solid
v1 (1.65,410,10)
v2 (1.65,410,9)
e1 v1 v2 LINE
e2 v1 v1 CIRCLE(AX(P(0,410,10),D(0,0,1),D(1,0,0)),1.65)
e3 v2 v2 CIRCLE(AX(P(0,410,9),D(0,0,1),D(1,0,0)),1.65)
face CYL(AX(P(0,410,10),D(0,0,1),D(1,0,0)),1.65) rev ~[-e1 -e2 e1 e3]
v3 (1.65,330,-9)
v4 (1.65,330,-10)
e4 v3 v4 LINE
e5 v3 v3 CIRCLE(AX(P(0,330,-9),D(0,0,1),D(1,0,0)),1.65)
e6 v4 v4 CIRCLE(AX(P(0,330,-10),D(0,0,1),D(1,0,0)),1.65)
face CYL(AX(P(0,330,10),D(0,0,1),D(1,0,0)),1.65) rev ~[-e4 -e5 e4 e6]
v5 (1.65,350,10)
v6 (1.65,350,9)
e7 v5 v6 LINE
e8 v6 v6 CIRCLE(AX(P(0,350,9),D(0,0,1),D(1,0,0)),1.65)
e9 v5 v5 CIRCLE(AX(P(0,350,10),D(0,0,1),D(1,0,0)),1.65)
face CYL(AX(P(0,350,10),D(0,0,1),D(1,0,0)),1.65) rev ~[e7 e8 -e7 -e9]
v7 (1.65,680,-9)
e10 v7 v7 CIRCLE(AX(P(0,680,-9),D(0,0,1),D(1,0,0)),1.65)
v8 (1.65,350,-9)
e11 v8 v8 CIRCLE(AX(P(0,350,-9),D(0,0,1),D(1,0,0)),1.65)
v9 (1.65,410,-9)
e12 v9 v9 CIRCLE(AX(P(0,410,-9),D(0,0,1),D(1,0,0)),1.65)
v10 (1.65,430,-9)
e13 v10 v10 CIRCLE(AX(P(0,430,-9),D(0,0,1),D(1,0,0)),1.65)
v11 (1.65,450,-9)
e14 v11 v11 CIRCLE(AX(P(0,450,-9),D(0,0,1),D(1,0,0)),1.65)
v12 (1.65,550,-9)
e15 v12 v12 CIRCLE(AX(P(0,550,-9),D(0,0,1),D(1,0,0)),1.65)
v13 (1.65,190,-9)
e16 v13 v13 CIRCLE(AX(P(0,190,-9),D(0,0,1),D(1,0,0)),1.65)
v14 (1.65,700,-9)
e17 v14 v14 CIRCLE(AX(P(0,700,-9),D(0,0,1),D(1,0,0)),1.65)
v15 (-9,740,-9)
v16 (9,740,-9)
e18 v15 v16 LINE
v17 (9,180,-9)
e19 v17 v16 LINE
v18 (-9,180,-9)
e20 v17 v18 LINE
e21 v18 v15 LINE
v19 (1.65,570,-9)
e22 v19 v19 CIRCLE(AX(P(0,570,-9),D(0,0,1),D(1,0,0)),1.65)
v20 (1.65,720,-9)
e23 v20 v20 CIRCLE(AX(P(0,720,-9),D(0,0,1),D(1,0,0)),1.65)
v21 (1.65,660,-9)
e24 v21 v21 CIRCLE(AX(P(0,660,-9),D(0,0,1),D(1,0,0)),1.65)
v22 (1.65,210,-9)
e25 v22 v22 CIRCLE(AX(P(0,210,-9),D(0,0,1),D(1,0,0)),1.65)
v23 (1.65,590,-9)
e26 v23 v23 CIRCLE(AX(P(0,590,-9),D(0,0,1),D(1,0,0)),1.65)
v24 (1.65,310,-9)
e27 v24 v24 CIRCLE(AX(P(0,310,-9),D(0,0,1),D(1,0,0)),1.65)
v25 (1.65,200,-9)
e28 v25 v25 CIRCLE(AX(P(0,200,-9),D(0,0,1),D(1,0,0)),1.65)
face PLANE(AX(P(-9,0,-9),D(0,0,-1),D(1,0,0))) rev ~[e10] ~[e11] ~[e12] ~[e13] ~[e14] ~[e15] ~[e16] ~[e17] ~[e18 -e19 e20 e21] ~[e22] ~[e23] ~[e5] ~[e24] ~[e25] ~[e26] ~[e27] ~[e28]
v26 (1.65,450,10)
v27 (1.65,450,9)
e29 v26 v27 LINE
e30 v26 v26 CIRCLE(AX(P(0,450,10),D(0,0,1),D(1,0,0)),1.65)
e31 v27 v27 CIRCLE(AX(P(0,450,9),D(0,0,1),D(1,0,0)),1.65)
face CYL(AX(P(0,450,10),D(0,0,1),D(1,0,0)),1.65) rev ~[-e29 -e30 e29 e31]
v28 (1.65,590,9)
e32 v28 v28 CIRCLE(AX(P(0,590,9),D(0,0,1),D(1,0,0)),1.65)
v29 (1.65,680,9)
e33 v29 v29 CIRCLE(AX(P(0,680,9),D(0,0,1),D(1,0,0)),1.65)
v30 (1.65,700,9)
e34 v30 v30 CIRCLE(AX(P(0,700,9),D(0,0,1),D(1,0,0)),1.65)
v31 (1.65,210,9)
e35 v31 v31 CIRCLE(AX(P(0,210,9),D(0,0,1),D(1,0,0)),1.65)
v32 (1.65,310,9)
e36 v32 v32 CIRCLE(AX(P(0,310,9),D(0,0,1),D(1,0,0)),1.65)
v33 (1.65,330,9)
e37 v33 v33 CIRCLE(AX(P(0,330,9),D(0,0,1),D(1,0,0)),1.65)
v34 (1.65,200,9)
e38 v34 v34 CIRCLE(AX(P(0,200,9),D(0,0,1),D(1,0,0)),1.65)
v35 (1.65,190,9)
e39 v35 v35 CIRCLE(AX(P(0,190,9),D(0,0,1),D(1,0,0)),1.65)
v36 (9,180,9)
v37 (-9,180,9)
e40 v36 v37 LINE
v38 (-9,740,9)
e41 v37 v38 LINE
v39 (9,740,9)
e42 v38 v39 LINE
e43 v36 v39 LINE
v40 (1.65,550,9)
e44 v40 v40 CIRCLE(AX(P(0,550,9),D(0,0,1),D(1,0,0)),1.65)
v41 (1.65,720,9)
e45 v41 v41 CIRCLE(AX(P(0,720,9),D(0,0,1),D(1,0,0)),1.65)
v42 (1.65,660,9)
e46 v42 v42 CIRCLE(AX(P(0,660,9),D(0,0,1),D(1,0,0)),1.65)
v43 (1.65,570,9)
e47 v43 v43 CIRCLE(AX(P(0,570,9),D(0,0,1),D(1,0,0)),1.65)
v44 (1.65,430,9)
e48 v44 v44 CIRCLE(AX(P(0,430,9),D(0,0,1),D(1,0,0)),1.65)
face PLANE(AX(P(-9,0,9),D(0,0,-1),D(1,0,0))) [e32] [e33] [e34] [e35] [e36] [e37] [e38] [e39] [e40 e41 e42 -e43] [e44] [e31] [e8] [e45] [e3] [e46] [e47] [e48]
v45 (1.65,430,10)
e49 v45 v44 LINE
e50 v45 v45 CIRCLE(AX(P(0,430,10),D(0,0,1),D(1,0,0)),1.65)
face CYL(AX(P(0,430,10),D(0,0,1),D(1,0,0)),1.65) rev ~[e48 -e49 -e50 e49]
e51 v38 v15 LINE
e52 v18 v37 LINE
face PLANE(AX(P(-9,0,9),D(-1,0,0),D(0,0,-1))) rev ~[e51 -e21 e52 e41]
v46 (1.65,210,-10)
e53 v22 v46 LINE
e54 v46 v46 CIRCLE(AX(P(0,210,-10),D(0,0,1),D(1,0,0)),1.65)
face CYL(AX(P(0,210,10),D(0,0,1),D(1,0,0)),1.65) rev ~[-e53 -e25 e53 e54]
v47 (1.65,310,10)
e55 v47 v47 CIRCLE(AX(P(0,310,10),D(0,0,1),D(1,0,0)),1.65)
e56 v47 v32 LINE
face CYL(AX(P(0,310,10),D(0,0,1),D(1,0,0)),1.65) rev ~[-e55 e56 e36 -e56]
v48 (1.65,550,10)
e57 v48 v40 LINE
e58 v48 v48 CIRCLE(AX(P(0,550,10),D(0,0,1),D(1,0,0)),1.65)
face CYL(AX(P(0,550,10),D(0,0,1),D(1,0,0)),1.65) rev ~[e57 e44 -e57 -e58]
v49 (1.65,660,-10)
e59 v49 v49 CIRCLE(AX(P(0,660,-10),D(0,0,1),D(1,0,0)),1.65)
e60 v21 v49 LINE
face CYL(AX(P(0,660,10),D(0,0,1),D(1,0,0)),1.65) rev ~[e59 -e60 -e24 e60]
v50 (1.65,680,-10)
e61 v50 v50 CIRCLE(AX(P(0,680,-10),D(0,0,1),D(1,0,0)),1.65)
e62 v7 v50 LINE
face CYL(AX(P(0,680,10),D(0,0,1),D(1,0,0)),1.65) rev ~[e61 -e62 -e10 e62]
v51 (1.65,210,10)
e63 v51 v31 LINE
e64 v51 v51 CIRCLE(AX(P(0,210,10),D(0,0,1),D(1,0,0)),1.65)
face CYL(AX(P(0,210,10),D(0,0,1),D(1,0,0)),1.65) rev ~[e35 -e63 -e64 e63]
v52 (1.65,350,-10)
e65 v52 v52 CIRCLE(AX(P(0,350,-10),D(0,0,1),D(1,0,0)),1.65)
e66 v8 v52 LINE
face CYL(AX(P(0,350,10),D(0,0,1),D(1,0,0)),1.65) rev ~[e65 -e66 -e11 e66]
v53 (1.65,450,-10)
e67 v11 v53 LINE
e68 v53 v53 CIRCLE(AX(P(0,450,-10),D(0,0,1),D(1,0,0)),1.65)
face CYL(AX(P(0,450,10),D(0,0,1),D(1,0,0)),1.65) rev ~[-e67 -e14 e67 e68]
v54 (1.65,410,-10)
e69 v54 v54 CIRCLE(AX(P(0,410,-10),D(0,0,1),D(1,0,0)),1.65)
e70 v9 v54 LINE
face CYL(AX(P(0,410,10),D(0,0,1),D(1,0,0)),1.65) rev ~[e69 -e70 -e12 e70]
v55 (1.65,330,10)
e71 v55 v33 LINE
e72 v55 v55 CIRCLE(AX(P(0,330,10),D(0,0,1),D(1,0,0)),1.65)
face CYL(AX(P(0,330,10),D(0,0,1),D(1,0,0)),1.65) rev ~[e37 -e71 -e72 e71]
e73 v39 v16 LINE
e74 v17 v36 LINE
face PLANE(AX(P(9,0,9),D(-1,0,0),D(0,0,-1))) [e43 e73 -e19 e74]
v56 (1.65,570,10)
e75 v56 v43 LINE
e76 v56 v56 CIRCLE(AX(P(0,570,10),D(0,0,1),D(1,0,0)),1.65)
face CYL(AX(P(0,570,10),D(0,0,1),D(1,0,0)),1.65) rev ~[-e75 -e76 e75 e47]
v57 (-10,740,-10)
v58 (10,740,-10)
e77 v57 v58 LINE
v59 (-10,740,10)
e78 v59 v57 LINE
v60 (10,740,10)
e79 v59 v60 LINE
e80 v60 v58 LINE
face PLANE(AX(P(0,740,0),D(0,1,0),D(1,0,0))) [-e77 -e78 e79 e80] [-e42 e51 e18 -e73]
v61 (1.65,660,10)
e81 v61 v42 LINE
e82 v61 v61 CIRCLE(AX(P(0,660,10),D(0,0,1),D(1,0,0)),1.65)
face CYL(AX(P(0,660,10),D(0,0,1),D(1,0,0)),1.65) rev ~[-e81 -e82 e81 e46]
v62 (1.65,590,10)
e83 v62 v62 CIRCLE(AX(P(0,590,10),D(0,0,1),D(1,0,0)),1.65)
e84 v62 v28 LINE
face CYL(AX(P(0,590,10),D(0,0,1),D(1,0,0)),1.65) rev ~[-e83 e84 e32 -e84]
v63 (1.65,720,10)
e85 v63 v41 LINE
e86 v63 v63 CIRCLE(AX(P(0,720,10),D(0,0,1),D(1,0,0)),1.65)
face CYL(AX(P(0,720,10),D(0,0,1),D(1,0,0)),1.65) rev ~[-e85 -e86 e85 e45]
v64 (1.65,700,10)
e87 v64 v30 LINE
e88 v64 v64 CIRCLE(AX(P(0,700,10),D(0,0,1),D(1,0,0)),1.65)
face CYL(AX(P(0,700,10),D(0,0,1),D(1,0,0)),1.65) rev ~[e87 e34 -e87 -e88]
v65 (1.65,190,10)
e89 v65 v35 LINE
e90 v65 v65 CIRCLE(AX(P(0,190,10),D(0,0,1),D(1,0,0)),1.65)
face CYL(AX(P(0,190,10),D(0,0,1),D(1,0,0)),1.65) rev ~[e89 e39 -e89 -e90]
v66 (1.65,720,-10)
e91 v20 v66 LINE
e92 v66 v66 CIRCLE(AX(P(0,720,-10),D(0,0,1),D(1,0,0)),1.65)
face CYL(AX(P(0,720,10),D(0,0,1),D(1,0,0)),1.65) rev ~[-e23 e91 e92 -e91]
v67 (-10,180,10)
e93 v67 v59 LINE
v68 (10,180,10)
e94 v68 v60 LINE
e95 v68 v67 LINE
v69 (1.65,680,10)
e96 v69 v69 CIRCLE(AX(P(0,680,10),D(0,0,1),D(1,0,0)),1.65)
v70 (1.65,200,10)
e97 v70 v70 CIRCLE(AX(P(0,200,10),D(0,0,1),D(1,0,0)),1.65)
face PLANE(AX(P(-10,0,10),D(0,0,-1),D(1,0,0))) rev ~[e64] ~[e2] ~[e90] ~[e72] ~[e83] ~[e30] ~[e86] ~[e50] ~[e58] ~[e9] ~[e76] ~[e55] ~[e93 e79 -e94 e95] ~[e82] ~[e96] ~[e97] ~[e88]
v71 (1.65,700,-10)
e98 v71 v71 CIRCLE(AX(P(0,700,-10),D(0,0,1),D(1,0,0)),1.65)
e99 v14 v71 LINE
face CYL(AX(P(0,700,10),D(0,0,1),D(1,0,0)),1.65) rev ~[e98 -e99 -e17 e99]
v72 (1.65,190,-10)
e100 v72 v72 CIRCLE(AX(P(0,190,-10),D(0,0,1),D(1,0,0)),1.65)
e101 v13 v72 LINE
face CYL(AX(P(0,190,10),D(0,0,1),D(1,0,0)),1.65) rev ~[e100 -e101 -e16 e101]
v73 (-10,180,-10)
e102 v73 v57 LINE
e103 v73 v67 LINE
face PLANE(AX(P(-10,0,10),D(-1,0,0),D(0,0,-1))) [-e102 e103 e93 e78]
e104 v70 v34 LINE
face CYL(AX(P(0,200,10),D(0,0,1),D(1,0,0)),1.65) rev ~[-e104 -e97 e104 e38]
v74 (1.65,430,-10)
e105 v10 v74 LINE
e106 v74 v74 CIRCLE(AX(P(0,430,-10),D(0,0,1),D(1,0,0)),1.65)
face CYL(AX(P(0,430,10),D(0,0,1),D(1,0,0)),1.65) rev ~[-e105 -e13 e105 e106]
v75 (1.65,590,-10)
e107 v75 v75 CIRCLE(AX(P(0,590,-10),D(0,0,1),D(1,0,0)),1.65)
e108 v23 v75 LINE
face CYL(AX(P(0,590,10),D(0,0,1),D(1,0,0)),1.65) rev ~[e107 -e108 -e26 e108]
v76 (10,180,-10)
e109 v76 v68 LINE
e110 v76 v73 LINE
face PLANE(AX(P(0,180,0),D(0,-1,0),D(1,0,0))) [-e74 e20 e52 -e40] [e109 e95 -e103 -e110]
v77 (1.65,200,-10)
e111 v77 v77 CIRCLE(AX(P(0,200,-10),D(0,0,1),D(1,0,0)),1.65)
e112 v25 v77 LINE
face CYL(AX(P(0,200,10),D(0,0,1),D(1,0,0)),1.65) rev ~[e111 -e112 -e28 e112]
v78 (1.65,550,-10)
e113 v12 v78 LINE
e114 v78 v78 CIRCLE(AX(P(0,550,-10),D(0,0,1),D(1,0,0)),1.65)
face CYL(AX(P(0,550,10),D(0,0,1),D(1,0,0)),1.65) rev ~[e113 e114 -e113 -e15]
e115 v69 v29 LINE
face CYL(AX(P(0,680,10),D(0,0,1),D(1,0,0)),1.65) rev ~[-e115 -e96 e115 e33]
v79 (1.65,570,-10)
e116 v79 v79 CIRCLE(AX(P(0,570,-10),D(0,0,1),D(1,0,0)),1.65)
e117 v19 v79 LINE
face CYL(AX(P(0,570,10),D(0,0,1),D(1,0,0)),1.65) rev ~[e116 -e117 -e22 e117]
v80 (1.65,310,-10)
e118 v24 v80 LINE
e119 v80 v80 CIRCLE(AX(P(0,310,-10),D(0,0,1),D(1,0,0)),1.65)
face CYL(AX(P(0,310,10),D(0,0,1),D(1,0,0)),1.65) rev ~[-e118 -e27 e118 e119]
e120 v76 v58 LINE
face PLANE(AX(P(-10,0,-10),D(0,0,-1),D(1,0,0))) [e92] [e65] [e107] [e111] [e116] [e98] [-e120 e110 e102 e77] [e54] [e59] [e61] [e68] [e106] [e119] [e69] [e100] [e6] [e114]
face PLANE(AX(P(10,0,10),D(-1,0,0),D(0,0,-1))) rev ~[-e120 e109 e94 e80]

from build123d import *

# Parameters (mm, degrees)
SKETCH_1_W          = 20
SKETCH_1_H          = 20
SKETCH_1_W_2        = 18
SKETCH_1_H_2        = 18
EXTRUDE_1_DEPTH     = 740
SKETCH_3_R          = 1.65
CUT_EXTRUDE_1_DEPTH = 32
SKETCH_5_R          = 15.397397092
CUT_EXTRUDE_2_DEPTH = 180
SKETCH_7_R          = 1.65
CUT_EXTRUDE_3_DEPTH = 40


with BuildPart() as part:
    # 草图1 → 凸台-拉伸1 (new body)
    with BuildSketch(Plane(origin=(0, 0, 0), x_dir=(1, 0, 0), z_dir=(0, 1, 0))):
        Rectangle(SKETCH_1_W, SKETCH_1_H)
        Rectangle(SKETCH_1_W_2, SKETCH_1_H_2, mode=Mode.SUBTRACT)
    extrude(amount=EXTRUDE_1_DEPTH)

    # 草图3 → 切除-拉伸1 (cut)
    with BuildSketch(Plane.XY.offset(10)):
        with Locations((0, 720)):
            Circle(SKETCH_3_R)
        with Locations((0, 700)):
            Circle(SKETCH_3_R)
        with Locations((0, 680)):
            Circle(SKETCH_3_R)
        with Locations((0, 660)):
            Circle(SKETCH_3_R)
        with Locations((0, 590)):
            Circle(SKETCH_3_R)
        with Locations((0, 570)):
            Circle(SKETCH_3_R)
        with Locations((0, 550)):
            Circle(SKETCH_3_R)
        with Locations((0, 450)):
            Circle(SKETCH_3_R)
        with Locations((0, 430)):
            Circle(SKETCH_3_R)
        with Locations((0, 410)):
            Circle(SKETCH_3_R)
    extrude(amount=-CUT_EXTRUDE_1_DEPTH, mode=Mode.SUBTRACT)

    # 草图5 → 切除-拉伸2 (cut)
    with BuildSketch(Plane.XZ):
        Circle(SKETCH_5_R)
    extrude(amount=-CUT_EXTRUDE_2_DEPTH, mode=Mode.SUBTRACT)

    # 草图7 → 切除-拉伸3 (cut)
    with BuildSketch(Plane.XY.offset(10)):
        with Locations((0, 190)):
            Circle(SKETCH_7_R)
        with Locations((0, 200)):
            Circle(SKETCH_7_R)
        with Locations((0, 210)):
            Circle(SKETCH_7_R)
        with Locations((0, 310)):
            Circle(SKETCH_7_R)
        with Locations((0, 330)):
            Circle(SKETCH_7_R)
        with Locations((0, 350)):
            Circle(SKETCH_7_R)
    extrude(amount=-CUT_EXTRUDE_3_DEPTH, mode=Mode.SUBTRACT)


solid = part.part
